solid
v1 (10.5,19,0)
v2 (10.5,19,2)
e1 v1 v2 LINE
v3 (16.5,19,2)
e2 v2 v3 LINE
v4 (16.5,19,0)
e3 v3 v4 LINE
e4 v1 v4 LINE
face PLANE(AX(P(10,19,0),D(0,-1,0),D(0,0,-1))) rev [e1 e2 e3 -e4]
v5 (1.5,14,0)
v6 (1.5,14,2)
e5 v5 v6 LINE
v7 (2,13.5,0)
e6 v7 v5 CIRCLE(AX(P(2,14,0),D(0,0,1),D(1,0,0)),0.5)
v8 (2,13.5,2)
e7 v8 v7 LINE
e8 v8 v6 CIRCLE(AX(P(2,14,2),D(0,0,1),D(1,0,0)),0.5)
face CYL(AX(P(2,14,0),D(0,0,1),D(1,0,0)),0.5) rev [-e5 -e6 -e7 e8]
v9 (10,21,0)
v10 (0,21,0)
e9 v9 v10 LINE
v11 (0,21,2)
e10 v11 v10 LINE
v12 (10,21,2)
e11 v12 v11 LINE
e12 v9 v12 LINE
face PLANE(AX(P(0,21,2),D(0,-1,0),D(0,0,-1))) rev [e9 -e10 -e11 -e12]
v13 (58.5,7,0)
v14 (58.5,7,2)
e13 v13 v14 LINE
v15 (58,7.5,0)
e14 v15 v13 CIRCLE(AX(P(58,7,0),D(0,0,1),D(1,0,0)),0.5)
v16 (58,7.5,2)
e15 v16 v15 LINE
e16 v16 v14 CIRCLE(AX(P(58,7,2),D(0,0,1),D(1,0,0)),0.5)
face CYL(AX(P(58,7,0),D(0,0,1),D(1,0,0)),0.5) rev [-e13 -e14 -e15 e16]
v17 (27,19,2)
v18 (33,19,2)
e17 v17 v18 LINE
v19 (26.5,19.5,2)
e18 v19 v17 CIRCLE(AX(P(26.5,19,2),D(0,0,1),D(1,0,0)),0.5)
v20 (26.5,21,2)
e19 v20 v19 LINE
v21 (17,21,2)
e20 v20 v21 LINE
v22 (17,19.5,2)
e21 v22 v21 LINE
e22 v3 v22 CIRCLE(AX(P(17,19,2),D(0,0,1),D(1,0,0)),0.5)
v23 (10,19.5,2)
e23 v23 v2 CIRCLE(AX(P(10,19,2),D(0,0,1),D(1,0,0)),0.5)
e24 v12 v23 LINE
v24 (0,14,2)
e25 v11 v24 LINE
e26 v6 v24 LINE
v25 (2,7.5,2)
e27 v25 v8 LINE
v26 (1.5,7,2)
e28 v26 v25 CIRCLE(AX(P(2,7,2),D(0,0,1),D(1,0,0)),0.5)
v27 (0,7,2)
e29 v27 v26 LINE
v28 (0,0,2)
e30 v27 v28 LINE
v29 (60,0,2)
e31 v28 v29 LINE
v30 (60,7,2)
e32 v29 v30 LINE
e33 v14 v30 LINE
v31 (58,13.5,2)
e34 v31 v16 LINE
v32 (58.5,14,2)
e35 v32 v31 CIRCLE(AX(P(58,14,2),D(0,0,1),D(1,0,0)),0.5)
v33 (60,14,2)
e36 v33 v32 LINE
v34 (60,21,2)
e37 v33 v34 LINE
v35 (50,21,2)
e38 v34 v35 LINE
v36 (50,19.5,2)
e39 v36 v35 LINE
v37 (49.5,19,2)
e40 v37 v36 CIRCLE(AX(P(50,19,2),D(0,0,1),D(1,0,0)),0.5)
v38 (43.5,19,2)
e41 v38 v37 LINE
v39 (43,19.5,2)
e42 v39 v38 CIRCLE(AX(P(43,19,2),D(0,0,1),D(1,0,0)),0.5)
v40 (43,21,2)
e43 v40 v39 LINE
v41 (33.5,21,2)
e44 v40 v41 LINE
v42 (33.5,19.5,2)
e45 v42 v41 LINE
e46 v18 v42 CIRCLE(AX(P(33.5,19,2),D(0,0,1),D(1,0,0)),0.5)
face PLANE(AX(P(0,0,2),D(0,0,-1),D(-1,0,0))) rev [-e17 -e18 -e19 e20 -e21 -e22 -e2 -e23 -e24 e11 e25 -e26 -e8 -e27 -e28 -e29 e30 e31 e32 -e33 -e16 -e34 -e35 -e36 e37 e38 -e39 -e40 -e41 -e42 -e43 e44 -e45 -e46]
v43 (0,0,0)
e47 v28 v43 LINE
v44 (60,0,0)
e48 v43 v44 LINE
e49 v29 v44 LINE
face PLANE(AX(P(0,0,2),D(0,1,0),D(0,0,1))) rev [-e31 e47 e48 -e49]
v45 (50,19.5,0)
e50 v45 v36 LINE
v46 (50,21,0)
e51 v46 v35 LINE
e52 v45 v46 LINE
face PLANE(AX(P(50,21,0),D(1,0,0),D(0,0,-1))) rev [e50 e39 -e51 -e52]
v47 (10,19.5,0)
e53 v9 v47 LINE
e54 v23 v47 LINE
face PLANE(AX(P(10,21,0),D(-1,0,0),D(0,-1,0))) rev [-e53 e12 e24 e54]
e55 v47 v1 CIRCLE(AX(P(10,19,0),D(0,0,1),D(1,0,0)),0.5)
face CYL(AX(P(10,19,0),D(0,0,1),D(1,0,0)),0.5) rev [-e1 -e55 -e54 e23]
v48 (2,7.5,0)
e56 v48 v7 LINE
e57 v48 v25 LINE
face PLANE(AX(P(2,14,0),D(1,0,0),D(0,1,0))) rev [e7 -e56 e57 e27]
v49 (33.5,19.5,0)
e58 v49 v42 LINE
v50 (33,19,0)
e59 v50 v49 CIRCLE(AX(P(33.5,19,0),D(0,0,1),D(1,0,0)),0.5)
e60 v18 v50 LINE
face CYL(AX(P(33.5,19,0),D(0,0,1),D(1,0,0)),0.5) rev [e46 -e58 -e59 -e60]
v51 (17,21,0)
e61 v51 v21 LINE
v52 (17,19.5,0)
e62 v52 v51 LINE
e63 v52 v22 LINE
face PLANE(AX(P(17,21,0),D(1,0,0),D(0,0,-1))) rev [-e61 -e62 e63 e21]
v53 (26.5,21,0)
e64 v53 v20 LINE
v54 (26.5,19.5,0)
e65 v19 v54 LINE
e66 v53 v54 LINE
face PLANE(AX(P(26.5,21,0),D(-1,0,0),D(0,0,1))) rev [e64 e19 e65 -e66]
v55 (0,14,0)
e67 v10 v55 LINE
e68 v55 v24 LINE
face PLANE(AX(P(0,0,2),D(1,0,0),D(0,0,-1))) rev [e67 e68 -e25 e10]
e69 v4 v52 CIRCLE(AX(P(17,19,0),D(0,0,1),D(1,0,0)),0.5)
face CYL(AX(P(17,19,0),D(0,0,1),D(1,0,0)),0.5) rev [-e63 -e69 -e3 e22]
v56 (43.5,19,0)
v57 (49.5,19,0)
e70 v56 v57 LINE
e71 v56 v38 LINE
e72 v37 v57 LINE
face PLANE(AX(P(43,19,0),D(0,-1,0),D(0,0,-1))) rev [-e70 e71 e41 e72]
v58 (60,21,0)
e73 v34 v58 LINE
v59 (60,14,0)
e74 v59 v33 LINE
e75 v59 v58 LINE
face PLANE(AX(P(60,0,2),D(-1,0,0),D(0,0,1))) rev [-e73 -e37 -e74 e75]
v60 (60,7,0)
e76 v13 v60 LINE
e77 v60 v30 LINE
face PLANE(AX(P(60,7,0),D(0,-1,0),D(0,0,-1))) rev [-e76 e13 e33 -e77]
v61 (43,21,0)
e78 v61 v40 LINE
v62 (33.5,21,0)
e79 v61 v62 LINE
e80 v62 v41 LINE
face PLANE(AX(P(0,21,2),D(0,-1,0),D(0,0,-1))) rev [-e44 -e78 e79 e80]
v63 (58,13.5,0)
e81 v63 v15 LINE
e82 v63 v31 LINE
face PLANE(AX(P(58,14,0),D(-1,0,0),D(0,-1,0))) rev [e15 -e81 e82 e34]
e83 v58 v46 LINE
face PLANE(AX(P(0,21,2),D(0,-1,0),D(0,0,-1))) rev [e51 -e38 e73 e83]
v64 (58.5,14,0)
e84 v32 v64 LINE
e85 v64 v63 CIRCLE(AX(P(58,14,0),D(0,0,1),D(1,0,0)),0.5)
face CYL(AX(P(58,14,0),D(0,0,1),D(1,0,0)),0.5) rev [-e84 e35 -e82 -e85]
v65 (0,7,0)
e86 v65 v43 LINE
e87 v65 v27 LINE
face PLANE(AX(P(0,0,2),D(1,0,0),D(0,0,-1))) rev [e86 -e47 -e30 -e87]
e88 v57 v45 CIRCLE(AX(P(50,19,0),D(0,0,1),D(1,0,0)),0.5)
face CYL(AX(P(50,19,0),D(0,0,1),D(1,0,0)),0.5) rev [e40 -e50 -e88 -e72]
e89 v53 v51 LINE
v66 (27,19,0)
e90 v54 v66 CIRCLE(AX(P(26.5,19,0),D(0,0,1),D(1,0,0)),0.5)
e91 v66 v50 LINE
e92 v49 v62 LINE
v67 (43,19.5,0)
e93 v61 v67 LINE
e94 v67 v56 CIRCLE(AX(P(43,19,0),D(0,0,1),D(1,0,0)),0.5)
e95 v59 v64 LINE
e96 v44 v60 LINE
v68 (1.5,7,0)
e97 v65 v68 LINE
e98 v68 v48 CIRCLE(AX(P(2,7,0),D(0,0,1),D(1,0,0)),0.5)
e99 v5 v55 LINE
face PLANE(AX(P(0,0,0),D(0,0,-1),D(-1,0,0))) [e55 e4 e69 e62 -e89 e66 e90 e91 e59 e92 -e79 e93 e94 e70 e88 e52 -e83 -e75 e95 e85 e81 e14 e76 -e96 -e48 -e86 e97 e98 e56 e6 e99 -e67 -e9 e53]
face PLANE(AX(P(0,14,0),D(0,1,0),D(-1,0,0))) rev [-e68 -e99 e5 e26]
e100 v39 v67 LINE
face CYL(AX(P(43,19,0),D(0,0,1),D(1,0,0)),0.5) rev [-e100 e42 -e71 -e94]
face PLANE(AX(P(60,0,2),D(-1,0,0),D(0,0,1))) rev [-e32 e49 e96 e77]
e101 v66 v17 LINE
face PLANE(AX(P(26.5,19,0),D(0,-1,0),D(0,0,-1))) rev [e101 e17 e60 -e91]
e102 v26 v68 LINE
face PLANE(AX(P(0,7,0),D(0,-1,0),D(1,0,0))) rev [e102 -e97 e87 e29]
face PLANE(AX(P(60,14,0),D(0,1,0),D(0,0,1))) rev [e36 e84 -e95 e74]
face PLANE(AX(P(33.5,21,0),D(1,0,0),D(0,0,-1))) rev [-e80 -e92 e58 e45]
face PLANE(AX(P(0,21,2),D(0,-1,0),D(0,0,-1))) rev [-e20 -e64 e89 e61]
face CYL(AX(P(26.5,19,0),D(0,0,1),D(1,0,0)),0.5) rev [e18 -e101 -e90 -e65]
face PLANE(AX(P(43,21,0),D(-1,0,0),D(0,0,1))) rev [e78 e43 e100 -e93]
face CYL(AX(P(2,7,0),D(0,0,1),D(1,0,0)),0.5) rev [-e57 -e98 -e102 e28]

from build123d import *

# Parameters (mm, degrees)
SKETCH_1_W          = 60
SKETCH_1_H          = 21
EXTRUDE_1_DEPTH     = 2
SKETCH_2_W          = 2
SKETCH_2_H          = 7
CUT_EXTRUDE_1_DEPTH = 64.600314465
SKETCH_3_W          = 7
SKETCH_3_H          = 2
CUT_EXTRUDE_2_DEPTH = 64.600314465
SKETCH_5_R          = 0.5
CUT_EXTRUDE_3_DEPTH = 64.600314465


with BuildPart() as part:
    # 草图1 → 凸台-拉伸1 (new body)
    with BuildSketch(Plane.XY):
        with Locations((30, 10.5)):
            Rectangle(SKETCH_1_W, SKETCH_1_H)
    extrude(amount=EXTRUDE_1_DEPTH)

    # 草图2 → 切除-拉伸1 (cut, through all)
    with BuildSketch(Plane.XY.offset(2)):
        with Locations((1, 10.5)):
            Rectangle(SKETCH_2_W, SKETCH_2_H)
        with Locations((59, 10.5)):
            Rectangle(SKETCH_2_W, SKETCH_2_H)
    extrude(amount=-CUT_EXTRUDE_1_DEPTH, mode=Mode.SUBTRACT)

    # 草图3 → 切除-拉伸2 (cut, through all)
    with BuildSketch(Plane.XY.offset(2)):
        with Locations((13.5, 20)):
            Rectangle(SKETCH_3_W, SKETCH_3_H)
        with Locations((30, 20)):
            Rectangle(SKETCH_3_W, SKETCH_3_H)
        with Locations((46.5, 20)):
            Rectangle(SKETCH_3_W, SKETCH_3_H)
    extrude(amount=-CUT_EXTRUDE_2_DEPTH, mode=Mode.SUBTRACT)

    # 草图5 → 切除-拉伸3 (cut, through all)
    with BuildSketch(Plane.XY.offset(2)):
        with Locations((2, 7)):
            Circle(SKETCH_5_R)
    cut_extrude_3 = extrude(amount=-CUT_EXTRUDE_3_DEPTH, mode=Mode.SUBTRACT)

    # 草图阵列1: 切除-拉伸3 at 9 more places
    with Locations((0, 7, 0), (8, 12, 0), (15, 12, 0), (24.5, 12, 0), (31.5, 12, 0), (41, 12, 0), (48, 12, 0), (56, 7, 0), (56, 0, 0)):
        add(cut_extrude_3, mode=Mode.SUBTRACT)


solid = part.part
